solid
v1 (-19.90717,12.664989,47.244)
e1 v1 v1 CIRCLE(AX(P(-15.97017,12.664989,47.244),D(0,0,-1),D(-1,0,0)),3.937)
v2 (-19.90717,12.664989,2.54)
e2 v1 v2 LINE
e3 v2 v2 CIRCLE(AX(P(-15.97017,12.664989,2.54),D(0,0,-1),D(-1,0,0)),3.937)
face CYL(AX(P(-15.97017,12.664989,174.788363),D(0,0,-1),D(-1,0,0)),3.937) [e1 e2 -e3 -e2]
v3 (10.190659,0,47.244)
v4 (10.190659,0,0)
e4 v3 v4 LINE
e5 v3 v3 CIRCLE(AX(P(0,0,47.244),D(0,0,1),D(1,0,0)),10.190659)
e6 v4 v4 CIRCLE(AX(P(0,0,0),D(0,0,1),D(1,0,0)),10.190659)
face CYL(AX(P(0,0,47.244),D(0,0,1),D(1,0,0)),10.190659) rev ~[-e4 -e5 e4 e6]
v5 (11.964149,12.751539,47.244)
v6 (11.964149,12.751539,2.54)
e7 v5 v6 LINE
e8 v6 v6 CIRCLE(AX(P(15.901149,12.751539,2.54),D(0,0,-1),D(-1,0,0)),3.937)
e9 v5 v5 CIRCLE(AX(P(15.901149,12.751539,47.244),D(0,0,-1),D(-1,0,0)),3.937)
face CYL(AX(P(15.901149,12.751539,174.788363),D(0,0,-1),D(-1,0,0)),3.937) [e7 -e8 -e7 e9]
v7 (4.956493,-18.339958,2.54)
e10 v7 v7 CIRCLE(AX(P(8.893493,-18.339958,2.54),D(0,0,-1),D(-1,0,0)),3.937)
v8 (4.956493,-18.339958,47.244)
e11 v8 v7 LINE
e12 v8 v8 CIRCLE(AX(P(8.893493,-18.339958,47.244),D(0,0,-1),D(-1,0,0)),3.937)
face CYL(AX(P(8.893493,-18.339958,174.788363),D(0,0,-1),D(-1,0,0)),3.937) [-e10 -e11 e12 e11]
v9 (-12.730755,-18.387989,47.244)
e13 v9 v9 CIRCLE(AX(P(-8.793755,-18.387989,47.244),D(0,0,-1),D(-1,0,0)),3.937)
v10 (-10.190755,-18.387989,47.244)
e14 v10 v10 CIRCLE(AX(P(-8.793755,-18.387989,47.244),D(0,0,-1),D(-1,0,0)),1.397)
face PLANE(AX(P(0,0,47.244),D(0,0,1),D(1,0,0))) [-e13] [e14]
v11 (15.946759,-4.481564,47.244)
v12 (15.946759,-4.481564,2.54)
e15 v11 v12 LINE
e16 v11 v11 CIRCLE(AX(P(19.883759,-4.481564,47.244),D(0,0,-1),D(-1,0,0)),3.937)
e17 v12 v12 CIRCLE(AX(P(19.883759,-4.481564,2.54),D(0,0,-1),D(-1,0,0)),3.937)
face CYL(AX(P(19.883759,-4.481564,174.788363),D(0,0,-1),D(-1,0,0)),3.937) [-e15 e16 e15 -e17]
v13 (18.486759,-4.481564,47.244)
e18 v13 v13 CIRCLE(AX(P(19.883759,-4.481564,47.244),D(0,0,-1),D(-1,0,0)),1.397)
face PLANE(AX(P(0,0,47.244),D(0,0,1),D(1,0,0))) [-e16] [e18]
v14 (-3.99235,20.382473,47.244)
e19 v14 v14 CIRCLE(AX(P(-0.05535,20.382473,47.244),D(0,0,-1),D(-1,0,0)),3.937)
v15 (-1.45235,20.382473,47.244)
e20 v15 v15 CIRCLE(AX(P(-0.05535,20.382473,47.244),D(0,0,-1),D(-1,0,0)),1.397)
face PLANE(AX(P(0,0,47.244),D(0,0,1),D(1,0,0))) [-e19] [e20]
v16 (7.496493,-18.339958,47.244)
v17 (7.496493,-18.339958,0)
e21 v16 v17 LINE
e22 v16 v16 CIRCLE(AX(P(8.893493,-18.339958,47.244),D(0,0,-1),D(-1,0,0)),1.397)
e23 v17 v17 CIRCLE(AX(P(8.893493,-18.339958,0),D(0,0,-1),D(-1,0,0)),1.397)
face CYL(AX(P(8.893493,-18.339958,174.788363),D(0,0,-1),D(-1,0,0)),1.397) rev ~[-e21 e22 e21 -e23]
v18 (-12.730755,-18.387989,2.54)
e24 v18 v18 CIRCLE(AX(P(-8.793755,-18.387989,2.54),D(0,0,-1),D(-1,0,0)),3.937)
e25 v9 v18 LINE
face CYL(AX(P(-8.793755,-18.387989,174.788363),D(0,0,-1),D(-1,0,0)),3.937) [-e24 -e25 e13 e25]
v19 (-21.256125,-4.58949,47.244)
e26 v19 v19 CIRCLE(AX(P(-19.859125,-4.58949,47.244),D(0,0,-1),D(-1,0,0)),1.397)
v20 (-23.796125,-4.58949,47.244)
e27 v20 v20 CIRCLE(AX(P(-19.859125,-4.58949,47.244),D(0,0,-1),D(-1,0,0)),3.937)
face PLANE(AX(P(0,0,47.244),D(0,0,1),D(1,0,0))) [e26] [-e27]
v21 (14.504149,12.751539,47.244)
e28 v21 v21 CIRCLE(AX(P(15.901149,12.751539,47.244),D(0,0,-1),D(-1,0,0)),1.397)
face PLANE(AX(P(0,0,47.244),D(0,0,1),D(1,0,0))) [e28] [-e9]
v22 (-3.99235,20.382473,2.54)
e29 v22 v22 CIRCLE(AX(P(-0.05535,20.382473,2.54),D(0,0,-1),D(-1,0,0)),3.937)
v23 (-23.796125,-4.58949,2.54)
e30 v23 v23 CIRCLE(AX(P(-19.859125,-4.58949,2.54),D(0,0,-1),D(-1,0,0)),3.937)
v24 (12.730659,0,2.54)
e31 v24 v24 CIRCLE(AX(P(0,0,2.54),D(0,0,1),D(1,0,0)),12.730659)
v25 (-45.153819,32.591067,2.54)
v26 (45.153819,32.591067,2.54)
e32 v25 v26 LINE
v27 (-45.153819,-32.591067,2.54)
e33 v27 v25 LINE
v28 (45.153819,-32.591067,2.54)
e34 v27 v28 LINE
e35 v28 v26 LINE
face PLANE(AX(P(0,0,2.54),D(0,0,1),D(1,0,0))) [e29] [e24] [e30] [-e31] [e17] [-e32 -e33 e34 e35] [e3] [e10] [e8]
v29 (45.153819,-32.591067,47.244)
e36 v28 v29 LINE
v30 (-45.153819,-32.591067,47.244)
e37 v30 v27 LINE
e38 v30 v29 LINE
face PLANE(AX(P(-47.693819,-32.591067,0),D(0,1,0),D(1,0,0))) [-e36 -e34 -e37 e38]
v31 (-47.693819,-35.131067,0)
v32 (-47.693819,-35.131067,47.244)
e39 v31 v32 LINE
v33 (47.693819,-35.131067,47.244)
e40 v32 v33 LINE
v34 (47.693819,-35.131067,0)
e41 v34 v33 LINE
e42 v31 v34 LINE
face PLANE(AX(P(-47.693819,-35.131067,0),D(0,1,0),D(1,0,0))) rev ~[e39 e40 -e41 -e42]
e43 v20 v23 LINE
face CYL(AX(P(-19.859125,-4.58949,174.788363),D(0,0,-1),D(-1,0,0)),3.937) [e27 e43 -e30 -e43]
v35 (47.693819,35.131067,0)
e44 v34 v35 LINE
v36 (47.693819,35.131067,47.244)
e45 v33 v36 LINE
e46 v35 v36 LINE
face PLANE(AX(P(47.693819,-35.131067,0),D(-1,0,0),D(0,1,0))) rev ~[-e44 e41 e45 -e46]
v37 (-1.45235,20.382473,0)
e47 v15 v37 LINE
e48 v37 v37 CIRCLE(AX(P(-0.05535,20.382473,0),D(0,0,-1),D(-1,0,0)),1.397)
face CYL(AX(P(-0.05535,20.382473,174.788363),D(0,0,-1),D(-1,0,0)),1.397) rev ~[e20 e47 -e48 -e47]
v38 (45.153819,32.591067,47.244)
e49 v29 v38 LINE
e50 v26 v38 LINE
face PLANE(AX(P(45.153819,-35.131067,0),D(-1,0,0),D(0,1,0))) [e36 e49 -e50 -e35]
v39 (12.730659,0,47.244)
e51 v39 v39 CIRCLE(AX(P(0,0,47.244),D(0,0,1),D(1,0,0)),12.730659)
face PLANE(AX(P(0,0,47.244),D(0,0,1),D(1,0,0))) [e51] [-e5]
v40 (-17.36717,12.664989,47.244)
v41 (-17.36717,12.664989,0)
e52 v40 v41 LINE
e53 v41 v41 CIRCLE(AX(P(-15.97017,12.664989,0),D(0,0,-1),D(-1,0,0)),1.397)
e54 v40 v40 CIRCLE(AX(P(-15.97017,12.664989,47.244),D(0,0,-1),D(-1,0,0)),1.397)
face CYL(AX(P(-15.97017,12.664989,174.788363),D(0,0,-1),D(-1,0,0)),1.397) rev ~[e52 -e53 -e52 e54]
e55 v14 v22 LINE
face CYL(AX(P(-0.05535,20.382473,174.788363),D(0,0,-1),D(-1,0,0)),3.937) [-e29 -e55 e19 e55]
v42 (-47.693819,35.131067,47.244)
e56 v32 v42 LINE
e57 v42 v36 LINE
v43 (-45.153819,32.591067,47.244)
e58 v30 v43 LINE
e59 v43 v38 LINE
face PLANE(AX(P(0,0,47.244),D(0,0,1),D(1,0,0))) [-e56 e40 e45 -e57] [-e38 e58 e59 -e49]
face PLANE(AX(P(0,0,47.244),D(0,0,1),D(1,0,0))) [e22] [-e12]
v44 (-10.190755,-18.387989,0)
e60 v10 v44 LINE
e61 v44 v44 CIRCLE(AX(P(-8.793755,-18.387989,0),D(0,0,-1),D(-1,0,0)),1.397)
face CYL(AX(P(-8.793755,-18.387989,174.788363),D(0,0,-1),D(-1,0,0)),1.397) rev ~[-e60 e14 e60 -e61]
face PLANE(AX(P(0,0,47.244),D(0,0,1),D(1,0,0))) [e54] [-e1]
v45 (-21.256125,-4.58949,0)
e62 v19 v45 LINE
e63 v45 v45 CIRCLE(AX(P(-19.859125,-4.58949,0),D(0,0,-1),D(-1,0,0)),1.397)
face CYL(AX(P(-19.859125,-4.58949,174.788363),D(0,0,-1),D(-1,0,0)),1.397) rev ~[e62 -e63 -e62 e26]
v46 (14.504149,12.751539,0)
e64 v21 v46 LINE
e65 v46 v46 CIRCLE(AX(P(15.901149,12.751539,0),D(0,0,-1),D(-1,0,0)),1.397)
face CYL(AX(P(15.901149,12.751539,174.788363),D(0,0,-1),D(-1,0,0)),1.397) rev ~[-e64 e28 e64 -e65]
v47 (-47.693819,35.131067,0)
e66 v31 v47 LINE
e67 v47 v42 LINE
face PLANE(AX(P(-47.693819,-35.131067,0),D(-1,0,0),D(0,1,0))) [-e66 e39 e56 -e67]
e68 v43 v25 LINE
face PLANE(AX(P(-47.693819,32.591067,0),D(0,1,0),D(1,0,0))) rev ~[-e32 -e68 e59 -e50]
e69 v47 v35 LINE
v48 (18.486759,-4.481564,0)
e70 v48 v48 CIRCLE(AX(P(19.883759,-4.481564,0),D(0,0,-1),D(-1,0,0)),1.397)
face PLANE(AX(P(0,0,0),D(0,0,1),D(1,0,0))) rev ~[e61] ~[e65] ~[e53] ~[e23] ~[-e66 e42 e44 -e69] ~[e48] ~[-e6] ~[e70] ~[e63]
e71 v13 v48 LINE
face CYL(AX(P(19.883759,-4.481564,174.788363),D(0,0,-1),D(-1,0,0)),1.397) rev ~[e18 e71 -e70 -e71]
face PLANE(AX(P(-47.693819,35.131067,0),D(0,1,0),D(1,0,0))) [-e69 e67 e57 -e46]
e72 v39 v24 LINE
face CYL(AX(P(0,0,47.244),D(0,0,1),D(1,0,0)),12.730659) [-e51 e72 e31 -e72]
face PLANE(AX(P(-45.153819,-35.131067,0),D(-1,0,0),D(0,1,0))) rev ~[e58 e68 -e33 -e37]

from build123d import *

# Parameters (mm, degrees)
F0_W     = 95.3876376152
F0_H     = 70.2621340752
F1_DEPTH = 47.244
F3_D     = 2.794
F4_R     = 10.1906585652
F5_DEPTH = 47.244
F6_T     = -2.54


with BuildPart() as f1:
    # F0 (on Top) → F1 (new body)
    with BuildSketch(Plane.XY):
        Rectangle(F0_W, F0_H)
    extrude(amount=F1_DEPTH)

    # F3 (through all)
    with Locations(Plane.XY.offset(47.244)):
        with Locations((-0.0553504175, 20.3824730712), (-15.9701695585, 12.6649893976), (-19.8591252898, -4.5894896111), (-8.7937546256, -18.3879893341), (8.8934926316, -18.3399580419), (19.883758543, -4.4815642772), (15.9011487168, 12.7515387955)):
            Hole(F3_D / 2)

    # F4 (on face) → F5 (cut, through all)
    with BuildSketch(Plane.XY.offset(47.244)):
        Circle(F4_R)
    extrude(amount=-F5_DEPTH, mode=Mode.SUBTRACT)

    # F6
    f6_openings = [f1.faces().sort_by_distance(p)[0] for p in [
        (-46.509101, 0, 47.244),
    ]]
    offset(amount=F6_T, openings=f6_openings)


solid = f1.part
